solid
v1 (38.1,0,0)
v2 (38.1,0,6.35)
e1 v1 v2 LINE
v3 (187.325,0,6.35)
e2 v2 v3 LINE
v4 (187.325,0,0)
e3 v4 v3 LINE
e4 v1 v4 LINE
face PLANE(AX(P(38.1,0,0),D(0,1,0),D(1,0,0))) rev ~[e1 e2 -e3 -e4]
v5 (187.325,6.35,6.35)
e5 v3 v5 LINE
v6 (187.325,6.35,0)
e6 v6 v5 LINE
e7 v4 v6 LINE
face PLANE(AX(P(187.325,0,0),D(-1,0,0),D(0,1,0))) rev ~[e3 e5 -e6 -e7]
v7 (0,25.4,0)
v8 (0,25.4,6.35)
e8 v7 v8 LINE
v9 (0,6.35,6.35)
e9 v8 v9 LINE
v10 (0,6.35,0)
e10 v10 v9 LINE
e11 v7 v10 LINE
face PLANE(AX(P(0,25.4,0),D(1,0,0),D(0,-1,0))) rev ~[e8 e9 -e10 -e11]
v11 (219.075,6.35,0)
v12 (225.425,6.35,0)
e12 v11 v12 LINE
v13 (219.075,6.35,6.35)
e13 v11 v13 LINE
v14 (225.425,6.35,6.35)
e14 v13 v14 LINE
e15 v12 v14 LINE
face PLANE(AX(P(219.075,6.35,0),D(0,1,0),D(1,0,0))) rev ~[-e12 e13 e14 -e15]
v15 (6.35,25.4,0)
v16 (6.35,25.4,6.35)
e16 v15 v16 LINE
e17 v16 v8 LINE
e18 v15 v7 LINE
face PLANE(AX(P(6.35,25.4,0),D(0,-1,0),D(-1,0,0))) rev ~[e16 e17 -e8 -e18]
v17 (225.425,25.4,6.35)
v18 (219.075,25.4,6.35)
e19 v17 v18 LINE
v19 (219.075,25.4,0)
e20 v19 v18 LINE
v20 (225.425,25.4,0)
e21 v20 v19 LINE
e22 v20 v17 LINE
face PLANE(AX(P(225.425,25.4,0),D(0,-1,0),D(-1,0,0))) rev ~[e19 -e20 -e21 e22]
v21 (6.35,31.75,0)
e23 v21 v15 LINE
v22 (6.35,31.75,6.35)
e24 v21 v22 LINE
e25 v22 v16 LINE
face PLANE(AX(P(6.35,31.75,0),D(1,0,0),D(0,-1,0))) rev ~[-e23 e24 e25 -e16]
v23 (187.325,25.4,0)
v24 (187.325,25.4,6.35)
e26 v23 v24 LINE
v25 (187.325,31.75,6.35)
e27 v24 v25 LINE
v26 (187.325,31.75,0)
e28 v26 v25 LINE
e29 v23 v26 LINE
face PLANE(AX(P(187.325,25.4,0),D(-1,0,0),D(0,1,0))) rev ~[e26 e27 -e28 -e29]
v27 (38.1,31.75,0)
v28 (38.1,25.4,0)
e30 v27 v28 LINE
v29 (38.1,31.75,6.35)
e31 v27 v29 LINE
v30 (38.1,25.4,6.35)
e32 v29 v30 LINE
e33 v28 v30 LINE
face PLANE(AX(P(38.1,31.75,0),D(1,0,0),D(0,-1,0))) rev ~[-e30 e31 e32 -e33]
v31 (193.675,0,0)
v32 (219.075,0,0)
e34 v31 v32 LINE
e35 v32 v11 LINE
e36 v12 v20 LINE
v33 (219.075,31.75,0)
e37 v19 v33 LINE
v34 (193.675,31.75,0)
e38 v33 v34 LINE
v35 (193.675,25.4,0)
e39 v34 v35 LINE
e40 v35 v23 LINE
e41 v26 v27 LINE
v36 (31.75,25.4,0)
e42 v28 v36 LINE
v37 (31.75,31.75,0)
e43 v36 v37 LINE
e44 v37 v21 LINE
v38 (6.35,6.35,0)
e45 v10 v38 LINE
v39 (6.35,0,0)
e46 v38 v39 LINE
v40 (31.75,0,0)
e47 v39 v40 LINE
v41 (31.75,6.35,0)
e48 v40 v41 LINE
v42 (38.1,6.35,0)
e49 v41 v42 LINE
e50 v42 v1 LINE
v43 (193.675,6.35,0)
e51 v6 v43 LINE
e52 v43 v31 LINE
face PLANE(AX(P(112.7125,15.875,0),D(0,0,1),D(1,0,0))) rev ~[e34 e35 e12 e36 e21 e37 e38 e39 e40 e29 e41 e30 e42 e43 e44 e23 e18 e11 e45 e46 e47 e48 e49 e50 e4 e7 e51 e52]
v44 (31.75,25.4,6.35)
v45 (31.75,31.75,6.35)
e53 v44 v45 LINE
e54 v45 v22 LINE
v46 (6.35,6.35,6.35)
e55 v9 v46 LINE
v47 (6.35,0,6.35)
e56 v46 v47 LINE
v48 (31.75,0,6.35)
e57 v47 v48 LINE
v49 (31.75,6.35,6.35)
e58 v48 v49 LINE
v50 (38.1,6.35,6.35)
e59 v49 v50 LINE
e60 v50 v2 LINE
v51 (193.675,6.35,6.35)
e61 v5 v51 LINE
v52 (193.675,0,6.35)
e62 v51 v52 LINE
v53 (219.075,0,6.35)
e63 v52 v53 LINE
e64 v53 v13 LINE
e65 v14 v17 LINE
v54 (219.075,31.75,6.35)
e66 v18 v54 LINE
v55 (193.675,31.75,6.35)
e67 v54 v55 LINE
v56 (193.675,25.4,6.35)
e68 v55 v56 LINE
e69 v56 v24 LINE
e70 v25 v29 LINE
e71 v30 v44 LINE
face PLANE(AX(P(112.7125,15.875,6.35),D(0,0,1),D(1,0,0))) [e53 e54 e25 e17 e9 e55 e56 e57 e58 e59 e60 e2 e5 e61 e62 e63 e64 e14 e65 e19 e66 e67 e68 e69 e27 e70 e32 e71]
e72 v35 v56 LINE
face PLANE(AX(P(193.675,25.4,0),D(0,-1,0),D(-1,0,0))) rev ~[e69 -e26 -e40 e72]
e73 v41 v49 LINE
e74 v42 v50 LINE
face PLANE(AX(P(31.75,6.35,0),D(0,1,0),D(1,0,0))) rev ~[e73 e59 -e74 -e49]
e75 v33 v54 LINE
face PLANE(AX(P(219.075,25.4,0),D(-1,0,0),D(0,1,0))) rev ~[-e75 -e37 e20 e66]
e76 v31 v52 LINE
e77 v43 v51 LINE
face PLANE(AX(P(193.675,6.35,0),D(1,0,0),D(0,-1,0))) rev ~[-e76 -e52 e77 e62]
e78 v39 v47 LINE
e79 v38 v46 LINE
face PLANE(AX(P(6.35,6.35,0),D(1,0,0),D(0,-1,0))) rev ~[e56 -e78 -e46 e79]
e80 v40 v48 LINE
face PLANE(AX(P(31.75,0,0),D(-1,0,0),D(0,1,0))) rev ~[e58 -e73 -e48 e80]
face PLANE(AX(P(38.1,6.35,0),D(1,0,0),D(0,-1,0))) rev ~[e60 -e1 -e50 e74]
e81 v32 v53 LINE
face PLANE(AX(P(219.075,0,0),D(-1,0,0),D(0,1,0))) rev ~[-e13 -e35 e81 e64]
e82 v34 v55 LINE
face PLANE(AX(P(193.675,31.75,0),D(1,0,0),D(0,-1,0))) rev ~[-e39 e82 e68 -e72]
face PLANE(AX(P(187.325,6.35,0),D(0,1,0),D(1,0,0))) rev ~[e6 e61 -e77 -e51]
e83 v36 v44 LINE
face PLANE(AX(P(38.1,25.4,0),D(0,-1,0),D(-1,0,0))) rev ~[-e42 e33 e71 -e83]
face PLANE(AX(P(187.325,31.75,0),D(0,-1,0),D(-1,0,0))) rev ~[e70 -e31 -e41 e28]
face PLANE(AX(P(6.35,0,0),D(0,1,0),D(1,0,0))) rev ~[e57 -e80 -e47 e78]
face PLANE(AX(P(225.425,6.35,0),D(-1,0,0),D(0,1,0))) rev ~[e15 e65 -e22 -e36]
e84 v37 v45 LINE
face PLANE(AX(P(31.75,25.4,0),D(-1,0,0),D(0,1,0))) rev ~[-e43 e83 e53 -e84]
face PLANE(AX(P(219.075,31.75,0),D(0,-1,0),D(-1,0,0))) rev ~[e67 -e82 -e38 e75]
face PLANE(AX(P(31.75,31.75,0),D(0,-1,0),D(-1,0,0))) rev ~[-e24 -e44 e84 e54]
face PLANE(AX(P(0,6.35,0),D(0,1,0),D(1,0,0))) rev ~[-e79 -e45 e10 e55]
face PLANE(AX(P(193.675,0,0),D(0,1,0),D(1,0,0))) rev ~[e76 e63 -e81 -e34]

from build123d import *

# Parameters (mm, degrees)
F1_DEPTH = 6.35


with BuildPart() as f1:
    # F0 (on Top) → F1 (new body)
    with BuildSketch(Plane.XY):
        Polygon((6.35, 6.35), (6.35, 0), (31.75, 0), (31.75, 6.35), (38.1, 6.35), (38.1, 0), (187.325, 0), (187.325, 6.35), (193.675, 6.35), (193.675, 0), (219.075, 0), (219.075, 6.35), (225.425, 6.35), (225.425, 25.4), (219.075, 25.4), (219.075, 31.75), (193.675, 31.75), (193.675, 25.4), (187.325, 25.4), (187.325, 31.75), (38.1, 31.75), (38.1, 25.4), (31.75, 25.4), (31.75, 31.75), (6.35, 31.75), (6.35, 25.4), (0, 25.4), (0, 6.35), align=None)
    extrude(amount=F1_DEPTH)


solid = f1.part
